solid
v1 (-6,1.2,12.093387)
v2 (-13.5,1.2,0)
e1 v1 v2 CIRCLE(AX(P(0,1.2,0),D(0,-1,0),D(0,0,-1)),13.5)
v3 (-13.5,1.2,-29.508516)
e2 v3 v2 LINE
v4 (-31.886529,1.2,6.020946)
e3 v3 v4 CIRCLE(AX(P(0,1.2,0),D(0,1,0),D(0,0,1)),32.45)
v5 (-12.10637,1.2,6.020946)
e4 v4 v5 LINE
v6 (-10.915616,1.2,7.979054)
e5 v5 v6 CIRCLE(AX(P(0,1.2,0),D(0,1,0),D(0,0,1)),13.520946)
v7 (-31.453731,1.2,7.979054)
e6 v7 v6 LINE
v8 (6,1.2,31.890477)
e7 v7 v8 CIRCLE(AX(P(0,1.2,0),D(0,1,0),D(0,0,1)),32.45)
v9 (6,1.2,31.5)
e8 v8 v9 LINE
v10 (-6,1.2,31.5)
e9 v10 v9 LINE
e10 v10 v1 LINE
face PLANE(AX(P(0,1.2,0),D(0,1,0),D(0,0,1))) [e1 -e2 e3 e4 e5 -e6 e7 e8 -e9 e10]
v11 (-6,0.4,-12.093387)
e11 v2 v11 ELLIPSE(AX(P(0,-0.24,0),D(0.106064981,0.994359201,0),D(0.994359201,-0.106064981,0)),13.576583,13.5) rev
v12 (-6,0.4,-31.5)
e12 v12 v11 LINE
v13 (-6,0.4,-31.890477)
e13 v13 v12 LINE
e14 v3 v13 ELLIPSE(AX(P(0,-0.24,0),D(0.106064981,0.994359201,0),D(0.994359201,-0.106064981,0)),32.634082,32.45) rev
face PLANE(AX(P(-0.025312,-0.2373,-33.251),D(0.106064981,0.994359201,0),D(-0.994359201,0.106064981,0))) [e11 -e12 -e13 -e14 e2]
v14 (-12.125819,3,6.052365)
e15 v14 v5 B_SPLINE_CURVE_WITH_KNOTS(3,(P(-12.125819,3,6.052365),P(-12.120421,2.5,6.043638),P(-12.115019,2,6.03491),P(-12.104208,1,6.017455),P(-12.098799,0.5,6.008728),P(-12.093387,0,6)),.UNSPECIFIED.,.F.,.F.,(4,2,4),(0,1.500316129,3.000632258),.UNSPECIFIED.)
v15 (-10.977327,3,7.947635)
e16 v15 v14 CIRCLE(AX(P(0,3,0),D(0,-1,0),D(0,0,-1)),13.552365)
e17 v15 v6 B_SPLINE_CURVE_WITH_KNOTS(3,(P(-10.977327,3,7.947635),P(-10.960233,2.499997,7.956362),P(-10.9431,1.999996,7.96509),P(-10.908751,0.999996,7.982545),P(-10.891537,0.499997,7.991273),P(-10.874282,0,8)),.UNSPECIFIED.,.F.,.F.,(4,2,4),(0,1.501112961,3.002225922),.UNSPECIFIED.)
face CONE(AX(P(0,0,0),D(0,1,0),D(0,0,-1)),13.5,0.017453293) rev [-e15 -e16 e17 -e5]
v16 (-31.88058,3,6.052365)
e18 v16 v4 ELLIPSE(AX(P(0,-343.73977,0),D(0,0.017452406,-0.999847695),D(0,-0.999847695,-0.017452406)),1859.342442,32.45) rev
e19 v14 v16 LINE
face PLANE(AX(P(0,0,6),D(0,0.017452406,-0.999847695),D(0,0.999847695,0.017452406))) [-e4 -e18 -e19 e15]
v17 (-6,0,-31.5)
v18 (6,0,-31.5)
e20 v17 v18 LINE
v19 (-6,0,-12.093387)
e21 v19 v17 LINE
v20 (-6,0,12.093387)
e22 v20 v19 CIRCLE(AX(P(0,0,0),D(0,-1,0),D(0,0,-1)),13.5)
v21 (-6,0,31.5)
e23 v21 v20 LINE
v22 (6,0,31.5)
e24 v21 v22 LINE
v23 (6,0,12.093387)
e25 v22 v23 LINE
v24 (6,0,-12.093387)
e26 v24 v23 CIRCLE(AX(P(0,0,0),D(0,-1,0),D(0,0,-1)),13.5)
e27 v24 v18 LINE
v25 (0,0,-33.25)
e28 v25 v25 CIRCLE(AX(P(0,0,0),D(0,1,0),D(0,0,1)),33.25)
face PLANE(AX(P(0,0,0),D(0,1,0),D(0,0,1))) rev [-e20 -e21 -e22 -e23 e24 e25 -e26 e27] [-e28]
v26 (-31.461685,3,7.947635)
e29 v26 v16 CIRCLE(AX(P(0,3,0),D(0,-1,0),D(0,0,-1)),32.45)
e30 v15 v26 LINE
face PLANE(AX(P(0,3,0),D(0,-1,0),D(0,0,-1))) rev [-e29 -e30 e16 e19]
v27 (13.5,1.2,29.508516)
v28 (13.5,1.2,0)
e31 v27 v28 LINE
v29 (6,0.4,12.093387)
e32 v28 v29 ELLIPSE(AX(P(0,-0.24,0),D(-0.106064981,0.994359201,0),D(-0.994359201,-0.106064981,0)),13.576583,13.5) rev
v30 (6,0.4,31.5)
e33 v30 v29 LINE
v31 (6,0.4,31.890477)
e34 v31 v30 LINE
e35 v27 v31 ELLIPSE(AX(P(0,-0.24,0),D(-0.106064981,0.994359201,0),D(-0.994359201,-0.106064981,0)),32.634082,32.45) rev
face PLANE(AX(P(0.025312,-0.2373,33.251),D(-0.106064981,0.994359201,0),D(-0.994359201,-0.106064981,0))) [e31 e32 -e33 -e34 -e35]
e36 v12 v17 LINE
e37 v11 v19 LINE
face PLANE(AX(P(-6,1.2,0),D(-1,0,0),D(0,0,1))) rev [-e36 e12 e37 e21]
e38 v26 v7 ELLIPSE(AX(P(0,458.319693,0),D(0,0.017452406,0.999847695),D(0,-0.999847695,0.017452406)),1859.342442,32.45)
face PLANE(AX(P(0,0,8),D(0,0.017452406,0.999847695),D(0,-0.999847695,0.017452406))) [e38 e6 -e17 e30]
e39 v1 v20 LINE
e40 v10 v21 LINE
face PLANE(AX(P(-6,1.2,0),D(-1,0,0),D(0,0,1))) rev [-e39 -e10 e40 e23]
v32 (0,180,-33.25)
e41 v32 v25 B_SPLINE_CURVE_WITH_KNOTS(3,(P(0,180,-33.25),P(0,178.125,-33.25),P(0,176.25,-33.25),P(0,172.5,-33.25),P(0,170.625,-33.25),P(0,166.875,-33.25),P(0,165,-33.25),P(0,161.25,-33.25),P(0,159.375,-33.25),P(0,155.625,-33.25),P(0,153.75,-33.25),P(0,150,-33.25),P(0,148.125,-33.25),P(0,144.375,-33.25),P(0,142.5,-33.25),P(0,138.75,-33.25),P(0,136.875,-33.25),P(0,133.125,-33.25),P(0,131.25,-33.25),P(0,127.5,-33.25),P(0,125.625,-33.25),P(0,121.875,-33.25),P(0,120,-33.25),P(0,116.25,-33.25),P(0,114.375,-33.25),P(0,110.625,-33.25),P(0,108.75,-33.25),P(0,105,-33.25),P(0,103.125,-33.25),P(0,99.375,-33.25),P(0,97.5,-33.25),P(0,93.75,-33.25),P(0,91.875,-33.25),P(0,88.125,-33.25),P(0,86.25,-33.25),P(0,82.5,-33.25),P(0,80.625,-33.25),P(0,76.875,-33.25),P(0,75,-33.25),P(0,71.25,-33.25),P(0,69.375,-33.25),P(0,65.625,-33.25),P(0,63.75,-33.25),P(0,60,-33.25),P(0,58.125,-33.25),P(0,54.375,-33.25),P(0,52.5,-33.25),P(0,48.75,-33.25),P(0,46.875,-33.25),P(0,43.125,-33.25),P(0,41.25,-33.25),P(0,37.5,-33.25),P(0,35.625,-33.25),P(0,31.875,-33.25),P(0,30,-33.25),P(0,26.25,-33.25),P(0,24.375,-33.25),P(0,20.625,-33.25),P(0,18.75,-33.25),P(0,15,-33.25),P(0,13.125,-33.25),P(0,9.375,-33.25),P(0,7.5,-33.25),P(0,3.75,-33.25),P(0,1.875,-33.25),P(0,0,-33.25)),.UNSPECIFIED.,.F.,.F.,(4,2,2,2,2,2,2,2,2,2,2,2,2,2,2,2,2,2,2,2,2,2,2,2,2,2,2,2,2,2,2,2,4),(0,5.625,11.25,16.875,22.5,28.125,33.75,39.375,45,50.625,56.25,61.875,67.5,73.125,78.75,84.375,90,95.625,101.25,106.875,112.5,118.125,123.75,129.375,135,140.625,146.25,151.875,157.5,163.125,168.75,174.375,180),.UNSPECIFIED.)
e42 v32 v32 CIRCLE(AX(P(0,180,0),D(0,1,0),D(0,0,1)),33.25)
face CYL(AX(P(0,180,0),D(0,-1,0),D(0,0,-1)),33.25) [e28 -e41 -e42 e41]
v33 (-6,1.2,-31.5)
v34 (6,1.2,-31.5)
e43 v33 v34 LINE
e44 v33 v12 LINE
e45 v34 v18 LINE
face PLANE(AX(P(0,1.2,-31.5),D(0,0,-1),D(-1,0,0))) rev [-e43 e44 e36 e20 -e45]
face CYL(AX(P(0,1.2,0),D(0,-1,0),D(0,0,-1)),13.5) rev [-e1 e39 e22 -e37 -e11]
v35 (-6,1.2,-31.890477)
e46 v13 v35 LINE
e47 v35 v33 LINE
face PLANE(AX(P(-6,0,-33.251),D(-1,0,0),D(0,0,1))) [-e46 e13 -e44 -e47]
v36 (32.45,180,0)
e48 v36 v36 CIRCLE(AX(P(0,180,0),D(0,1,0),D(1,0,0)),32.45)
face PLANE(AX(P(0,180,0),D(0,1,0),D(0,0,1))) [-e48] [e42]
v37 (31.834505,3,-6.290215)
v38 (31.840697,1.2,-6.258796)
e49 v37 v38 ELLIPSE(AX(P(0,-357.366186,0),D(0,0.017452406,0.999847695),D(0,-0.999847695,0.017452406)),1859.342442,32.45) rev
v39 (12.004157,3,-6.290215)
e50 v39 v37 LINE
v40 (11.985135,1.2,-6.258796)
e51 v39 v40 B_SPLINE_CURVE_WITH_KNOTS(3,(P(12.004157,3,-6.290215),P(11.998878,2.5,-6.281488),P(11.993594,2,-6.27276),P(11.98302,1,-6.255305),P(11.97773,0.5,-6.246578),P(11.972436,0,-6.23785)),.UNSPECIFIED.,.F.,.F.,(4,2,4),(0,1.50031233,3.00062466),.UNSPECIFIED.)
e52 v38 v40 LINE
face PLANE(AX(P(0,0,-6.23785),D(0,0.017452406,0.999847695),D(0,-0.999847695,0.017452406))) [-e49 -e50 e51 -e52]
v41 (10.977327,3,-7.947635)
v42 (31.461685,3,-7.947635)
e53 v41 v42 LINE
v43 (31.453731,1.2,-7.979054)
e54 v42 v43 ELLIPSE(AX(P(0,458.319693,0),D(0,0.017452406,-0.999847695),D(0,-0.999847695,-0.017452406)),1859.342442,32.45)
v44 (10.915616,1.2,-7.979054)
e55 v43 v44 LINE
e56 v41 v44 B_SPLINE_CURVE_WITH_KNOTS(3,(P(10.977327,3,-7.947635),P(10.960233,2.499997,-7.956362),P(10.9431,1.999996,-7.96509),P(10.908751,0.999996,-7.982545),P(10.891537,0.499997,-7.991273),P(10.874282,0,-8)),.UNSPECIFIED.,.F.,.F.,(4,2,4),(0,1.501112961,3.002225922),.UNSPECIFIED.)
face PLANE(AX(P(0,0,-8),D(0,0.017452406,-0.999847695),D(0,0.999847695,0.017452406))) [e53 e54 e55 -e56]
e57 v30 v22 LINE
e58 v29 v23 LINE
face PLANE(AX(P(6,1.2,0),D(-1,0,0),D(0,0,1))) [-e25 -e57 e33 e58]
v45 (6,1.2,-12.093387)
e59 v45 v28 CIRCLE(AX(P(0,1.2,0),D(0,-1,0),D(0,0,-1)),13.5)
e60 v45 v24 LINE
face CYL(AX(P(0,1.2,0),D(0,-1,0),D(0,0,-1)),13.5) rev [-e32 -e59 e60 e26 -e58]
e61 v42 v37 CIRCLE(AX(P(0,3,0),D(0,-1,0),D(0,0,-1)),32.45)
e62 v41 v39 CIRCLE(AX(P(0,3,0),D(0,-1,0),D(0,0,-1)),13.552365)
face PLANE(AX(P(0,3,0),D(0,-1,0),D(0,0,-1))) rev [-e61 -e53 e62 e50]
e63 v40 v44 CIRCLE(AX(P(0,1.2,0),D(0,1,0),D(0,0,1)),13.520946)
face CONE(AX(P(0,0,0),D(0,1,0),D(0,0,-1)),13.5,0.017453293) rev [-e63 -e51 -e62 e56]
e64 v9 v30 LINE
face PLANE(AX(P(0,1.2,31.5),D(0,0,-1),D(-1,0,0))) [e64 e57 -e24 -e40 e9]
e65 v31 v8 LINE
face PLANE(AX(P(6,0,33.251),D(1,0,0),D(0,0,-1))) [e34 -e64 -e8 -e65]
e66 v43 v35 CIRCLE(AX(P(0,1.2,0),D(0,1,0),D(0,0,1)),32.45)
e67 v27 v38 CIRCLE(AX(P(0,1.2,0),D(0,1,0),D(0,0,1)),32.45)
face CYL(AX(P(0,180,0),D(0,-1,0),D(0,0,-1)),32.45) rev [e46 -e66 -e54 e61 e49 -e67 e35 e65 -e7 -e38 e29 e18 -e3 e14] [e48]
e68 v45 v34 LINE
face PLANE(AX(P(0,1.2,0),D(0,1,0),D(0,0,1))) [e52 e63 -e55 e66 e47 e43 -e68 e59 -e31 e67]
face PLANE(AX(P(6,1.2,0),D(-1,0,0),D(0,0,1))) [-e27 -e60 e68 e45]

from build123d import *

# Parameters (mm, degrees)
LOWER_SIDE_R            = 33.25
LOWER_SIDE_R_2          = 32.45
MAIN_BODY_DEPTH         = 180
SKETCH_1_5_R            = 33.25
BOTTOM_DEPTH            = 1.2
BOTTOM_CUT_DEPTH        = 1.2
SLOPE_1_REACH           = 188.041
SLOPE_1_END_RADIUS      = 32.45
SLOPE_2_REACH           = 188.041
SLOPE_2_END_RADIUS      = 32.45
STOPPER_DEPTH           = 3
STOPPER_DRAFT           = -1
STOPPER_PROFILE_2_DEPTH = 3
STOPPER_PROFILE_2_DRAFT = -1


with BuildPart() as part:
    # lower_side → Main_body (new body)
    with BuildSketch(Plane(origin=(0, 0, 0), x_dir=(1, 0, 0), z_dir=(0, 1, 0))):
        Circle(LOWER_SIDE_R)
        Circle(LOWER_SIDE_R_2, mode=Mode.SUBTRACT)
    extrude(amount=MAIN_BODY_DEPTH)

    # Эскиз1<5> → Bottom (add)
    with BuildSketch(Plane(origin=(0, 0, 0), x_dir=(1, 0, 0), z_dir=(0, 1, 0))):
        Circle(SKETCH_1_5_R)
    extrude(amount=BOTTOM_DEPTH)

    # bottom_cut_draft → Bottom_cut (cut)
    with BuildSketch(Plane.XZ):
        with BuildLine():
            Line((6, 31.5), (-6, 31.5))
            Line((-6, 31.5), (-6, 12.093386622))
            ThreePointArc((-6, 12.093386622), (-13.5, 0), (-6, -12.093386622))
            Line((-6, -12.093386622), (-6, -31.5))
            Line((-6, -31.5), (6, -31.5))
            Line((6, -31.5), (6, -12.093386622))
            ThreePointArc((6, -12.093386622), (13.5, 0), (6, 12.093386622))
            Line((6, 12.093386622), (6, 31.5))
        make_face()
    extrude(amount=-BOTTOM_CUT_DEPTH, mode=Mode.SUBTRACT)

    # Slope_1: up to this cylinder (the profile starts inside it)
    slope_1_end = Plane(origin=(0, 0.933333, 0), z_dir=(0, -1, 0)) * Cylinder(SLOPE_1_END_RADIUS, 441.982, mode=Mode.PRIVATE)
    # slope_draft → Slope_1 (cut, up to the surface)
    with BuildSketch(Plane.XY, mode=Mode.PRIVATE) as slope_1_sk1:
        Polygon((13.5, 1.2), (6, 1.2), (6, 0.4), align=None)
    slope_1_tool1 = extrude(slope_1_sk1.sketch, amount=SLOPE_1_REACH, mode=Mode.PRIVATE) & slope_1_end
    add(slope_1_tool1.solids().sort_by_distance((8.5, 0.933333, 0))[0], mode=Mode.SUBTRACT)

    # Slope_2: up to this cylinder (the profile starts inside it)
    slope_2_end = Plane(origin=(0, 0.933333, 0), z_dir=(0, -1, 0)) * Cylinder(SLOPE_2_END_RADIUS, 441.982, mode=Mode.PRIVATE)
    # Эскиз6<3> → Slope_2 (cut, up to the surface)
    with BuildSketch(Plane.XY, mode=Mode.PRIVATE) as slope_2_sk1:
        Polygon((-13.5, 1.2), (-6, 0.4), (-6, 1.2), align=None)
    slope_2_tool1 = extrude(slope_2_sk1.sketch, amount=-SLOPE_2_REACH, mode=Mode.PRIVATE) & slope_2_end
    add(slope_2_tool1.solids().sort_by_distance((-8.5, 0.933333, 0))[0], mode=Mode.SUBTRACT)


with BuildPart() as stopper_tool:
    # Эскиз5<3> → Stopper (with draft: the straight prism first)
    with BuildSketch(Plane.XZ):
        with BuildLine():
            ThreePointArc((-12.093386622, 6), (-11.527291344, 7.02648947), (-10.874281585, 8))
            Line((-10.874281585, 8), (-32.273247435, 8))
            ThreePointArc((-32.273247435, 8), (-32.504093238, 7.003315128), (-32.704166401, 6))
            Line((-32.704166401, 6), (-12.093386622, 6))
        make_face()
    extrude(amount=-STOPPER_DEPTH)
    # Stopper: the draft: its side faces are tilted about the plane it starts from
    stopper_sides = [stopper_tool.faces().sort_by_distance(p)[0] for p in [
        (-32.504093238, 1.5, 7.003315128),
        (-22.398776512, 1.5, 6),
        (-11.527291344, 1.5, 7.02648947),
        (-21.57376451, 1.5, 8),
    ]]
    draft(stopper_sides, Plane.XZ, STOPPER_DRAFT)


with BuildPart() as part_1:
    add(part.part)

    # Stopper: add stopper_tool
    add(stopper_tool.part)


with BuildPart() as stopper_profile_2_tool:
    # Эскиз5<3> → Stopper profile 2 (with draft: the straight prism first)
    with BuildSketch(Plane.XZ):
        with BuildLine():
            ThreePointArc((11.972436163, -6.237849977), (11.457286814, -7.140068547), (10.874281585, -8))
            Line((10.874281585, -8), (32.273247435, -8))
            ThreePointArc((32.273247435, -8), (32.478394099, -7.121545951), (32.659634531, -6.237849977))
            Line((32.659634531, -6.237849977), (11.972436163, -6.237849977))
        make_face()
    extrude(amount=-STOPPER_PROFILE_2_DEPTH)
    # Stopper profile 2: the draft: its side faces are tilted about the plane it starts from
    stopper_profile_2_sides = [stopper_profile_2_tool.faces().sort_by_distance(p)[0] for p in [
        (11.457286814, 1.5, -7.140068547),
        (21.57376451, 1.5, -8),
        (32.478394099, 1.5, -7.121545951),
        (22.316035347, 1.5, -6.237849977),
    ]]
    draft(stopper_profile_2_sides, Plane.XZ, STOPPER_PROFILE_2_DRAFT)


with BuildPart() as part_2:
    add(part_1.part)

    # Stopper profile 2: add stopper_profile_2_tool
    add(stopper_profile_2_tool.part)


solid = part_2.part
